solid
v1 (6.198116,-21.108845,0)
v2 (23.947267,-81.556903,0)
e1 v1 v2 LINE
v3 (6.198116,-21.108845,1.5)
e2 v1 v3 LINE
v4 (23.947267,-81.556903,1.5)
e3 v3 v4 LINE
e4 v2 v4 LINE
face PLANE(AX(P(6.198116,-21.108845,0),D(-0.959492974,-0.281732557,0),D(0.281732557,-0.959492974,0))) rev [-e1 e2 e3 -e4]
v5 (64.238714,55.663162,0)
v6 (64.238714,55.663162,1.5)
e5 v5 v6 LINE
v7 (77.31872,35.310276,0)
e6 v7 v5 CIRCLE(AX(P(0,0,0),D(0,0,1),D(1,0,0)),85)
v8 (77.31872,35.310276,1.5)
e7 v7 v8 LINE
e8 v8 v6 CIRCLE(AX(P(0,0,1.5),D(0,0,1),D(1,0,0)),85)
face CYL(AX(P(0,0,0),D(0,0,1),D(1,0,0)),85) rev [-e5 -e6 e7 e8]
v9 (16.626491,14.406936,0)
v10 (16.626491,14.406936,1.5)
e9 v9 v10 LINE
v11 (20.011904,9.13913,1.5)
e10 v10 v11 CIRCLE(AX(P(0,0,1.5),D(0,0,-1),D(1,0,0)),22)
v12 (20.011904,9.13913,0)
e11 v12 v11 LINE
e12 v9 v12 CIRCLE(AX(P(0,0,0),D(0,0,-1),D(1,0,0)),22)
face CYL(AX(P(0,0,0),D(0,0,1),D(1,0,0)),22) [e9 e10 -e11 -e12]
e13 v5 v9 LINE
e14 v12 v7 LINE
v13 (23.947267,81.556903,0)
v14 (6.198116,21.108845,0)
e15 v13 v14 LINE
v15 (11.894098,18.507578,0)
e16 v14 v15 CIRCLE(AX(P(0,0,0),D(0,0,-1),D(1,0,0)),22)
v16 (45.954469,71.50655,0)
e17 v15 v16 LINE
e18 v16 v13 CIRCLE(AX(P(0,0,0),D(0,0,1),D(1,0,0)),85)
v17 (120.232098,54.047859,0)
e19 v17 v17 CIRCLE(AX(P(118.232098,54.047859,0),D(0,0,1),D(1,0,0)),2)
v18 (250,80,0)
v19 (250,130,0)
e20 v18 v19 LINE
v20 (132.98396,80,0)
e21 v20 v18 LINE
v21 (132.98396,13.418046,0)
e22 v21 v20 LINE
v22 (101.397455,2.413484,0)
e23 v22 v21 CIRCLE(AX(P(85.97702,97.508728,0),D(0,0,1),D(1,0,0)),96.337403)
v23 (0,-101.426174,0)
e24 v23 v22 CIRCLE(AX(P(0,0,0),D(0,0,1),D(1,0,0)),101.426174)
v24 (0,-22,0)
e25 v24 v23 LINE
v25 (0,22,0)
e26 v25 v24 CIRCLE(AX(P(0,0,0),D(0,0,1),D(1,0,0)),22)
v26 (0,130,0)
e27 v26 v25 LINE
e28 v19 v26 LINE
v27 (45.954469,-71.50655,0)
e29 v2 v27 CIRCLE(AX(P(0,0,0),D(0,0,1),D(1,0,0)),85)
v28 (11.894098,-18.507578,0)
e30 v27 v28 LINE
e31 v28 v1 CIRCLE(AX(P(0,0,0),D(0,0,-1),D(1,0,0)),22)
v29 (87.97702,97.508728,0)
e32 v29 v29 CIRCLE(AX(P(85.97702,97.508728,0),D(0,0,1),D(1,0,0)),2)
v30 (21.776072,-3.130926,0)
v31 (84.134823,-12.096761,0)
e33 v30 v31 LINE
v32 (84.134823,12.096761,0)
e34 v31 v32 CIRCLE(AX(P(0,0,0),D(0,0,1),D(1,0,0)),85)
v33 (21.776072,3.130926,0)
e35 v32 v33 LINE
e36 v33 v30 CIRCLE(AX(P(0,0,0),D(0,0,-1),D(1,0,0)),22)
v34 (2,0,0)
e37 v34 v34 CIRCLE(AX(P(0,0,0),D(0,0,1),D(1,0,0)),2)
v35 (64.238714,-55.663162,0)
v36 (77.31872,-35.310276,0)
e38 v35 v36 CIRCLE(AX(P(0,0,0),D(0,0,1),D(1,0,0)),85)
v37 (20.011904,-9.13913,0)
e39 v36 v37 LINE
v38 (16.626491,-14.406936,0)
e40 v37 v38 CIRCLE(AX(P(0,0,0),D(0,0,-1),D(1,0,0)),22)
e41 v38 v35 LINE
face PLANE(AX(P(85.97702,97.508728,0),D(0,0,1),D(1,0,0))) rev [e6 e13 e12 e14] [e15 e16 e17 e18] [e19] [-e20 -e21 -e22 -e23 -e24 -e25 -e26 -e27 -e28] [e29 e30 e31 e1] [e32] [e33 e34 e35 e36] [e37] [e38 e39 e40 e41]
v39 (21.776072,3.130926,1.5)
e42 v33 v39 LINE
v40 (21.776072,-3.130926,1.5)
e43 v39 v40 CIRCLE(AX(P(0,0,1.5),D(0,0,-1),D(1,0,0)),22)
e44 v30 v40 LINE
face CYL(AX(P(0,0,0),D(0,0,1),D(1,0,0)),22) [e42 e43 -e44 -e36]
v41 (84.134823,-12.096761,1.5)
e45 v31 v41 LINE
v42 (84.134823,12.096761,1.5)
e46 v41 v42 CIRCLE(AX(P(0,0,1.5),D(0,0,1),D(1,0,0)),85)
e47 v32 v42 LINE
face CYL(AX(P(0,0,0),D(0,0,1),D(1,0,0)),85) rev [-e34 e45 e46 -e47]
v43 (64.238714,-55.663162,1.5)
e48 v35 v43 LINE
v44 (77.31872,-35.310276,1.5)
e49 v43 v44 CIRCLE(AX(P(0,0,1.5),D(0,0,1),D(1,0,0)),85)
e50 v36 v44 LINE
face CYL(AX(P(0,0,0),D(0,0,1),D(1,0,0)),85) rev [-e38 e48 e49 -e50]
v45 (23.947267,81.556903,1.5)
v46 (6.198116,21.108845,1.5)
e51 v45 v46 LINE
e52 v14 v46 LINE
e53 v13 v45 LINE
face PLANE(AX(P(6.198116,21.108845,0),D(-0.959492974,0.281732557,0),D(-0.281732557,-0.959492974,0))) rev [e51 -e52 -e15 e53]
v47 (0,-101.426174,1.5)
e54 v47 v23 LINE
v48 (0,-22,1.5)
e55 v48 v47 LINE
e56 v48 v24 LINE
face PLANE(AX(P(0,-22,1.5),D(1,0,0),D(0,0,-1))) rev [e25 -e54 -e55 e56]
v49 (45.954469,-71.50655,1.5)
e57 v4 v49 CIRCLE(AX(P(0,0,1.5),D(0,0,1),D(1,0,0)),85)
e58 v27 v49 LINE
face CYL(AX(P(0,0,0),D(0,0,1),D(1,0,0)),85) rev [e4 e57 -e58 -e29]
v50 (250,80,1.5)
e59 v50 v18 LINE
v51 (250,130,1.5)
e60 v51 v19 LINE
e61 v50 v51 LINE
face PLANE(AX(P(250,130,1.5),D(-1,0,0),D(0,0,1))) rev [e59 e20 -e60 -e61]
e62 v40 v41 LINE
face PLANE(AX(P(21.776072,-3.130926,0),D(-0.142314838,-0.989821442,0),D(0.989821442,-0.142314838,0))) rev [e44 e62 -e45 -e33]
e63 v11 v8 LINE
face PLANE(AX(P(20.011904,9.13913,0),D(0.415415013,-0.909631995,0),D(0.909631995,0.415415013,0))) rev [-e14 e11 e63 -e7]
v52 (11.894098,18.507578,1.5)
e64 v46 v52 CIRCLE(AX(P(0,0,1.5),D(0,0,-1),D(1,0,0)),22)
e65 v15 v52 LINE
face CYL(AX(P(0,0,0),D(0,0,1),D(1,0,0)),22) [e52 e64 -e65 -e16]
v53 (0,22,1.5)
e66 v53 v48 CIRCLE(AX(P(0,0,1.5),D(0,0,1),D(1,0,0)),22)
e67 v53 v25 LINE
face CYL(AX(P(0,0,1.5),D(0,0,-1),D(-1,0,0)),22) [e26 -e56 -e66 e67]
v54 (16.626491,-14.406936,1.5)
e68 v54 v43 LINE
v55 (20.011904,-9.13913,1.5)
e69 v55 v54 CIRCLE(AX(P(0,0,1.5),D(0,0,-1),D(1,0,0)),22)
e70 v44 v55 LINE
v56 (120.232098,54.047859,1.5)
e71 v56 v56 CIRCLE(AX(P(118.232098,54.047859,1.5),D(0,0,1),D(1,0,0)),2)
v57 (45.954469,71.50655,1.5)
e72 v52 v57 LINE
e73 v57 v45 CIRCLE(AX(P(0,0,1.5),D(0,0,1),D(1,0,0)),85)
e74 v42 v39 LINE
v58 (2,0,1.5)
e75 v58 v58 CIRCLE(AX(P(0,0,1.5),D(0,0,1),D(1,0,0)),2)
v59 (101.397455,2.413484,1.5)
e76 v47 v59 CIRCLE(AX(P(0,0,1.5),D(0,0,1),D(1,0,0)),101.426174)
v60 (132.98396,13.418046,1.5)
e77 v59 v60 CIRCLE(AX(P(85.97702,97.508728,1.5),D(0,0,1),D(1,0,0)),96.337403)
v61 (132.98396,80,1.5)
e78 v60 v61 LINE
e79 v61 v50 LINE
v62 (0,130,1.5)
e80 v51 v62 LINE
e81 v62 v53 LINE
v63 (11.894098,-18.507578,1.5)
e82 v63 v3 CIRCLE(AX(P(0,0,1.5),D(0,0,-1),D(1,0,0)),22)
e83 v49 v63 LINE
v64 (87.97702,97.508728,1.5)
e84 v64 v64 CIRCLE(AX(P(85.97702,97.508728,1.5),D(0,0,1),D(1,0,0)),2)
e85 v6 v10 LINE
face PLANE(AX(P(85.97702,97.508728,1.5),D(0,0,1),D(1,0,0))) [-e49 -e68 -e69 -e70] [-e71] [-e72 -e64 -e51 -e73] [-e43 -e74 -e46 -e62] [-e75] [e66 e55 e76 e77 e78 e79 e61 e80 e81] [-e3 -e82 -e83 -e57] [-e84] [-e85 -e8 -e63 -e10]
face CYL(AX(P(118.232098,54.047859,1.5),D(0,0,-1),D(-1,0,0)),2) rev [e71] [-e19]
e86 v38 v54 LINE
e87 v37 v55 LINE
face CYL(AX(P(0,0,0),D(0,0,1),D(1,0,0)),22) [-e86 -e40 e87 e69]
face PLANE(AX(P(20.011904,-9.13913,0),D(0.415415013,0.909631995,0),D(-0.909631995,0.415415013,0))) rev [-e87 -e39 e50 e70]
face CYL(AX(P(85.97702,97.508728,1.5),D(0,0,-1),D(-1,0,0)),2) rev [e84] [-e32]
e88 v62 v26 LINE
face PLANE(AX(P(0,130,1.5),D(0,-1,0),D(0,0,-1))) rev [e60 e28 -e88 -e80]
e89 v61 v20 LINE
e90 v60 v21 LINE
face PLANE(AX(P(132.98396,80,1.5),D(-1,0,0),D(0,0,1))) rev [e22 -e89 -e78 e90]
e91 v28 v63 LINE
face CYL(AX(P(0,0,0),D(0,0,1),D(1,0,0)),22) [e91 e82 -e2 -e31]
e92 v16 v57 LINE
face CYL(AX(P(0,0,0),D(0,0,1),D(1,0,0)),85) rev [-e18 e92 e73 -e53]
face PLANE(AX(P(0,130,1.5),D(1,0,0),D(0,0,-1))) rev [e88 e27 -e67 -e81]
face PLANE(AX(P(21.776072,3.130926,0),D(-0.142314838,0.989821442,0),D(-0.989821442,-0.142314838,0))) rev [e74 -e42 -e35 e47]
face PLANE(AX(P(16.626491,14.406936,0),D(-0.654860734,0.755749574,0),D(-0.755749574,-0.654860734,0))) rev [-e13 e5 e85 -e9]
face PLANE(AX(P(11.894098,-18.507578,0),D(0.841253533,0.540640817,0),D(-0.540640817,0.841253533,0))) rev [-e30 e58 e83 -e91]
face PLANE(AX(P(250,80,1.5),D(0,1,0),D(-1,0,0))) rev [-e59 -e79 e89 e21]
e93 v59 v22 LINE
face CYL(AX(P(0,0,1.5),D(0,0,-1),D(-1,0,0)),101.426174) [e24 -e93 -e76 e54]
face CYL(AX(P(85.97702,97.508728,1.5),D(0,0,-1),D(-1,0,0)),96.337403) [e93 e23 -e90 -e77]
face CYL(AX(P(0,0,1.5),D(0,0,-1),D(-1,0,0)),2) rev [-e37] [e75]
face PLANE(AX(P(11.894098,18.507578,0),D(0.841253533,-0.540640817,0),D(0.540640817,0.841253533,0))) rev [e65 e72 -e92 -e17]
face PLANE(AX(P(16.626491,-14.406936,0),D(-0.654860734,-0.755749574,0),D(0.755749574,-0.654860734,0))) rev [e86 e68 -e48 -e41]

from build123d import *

# Parameters (mm, degrees)
SKETCH1_R           = 2
BOSS_EXTRUDE1_DEPTH = 1.5
CUT_EXTRUDE1_DEPTH  = 2.5


with BuildPart() as part:
    # Sketch1 → Boss-Extrude1 (new body)
    with BuildSketch(Plane.XY):
        with BuildLine():
            Line((0, 130), (0, 22))
            ThreePointArc((0, 22), (-22, 0), (0, -22))
            Line((0, -22), (0, -101.426173946))
            ThreePointArc((0, -101.426173946), (72.567414345, -70.860702344), (101.397454872, 2.413484395))
            ThreePointArc((101.397454872, 2.413484395), (117.671962719, 6.534414164), (132.983960448, 13.418046445))
            Line((132.983960448, 13.418046445), (132.983960448, 80))
            Line((132.983960448, 80), (250, 80))
            Line((250, 80), (250, 130))
            Line((250, 130), (0, 130))
        make_face()
        Circle(SKETCH1_R, mode=Mode.SUBTRACT)
        with Locations((85.977020164, 97.508727834)):
            Circle(SKETCH1_R, mode=Mode.SUBTRACT)
        with Locations((118.232097827, 54.047858824)):
            Circle(SKETCH1_R, mode=Mode.SUBTRACT)
    extrude(amount=BOSS_EXTRUDE1_DEPTH)

    # Sketch2 → Cut-Extrude1 (cut, through all)
    with BuildSketch(Plane.XY.offset(1.5)):
        with BuildLine():
            Line((6.198116251, -21.10884542), (23.947267332, -81.556902757))
            ThreePointArc((23.947267332, -81.556902757), (35.310276105, -77.318719605), (45.954469484, -71.506550291))
            Line((45.954469484, -71.506550291), (11.894097984, -18.507577722))
            ThreePointArc((11.894097984, -18.507577722), (9.139130286, -20.011903898), (6.198116251, -21.10884542))
        make_face()
        with BuildLine():
            Line((16.626490636, -14.406936147), (64.23871382, -55.663162385))
            ThreePointArc((64.23871382, -55.663162385), (71.506550291, -45.954469484), (77.318719605, -35.310276105))
            Line((77.318719605, -35.310276105), (20.011903898, -9.139130286))
            ThreePointArc((20.011903898, -9.139130286), (18.507577722, -11.894097984), (16.626490636, -14.406936147))
        make_face()
        with BuildLine():
            Line((21.776071721, -3.130926442), (84.13482256, -12.096761253))
            ThreePointArc((84.13482256, -12.096761253), (85, 0), (84.13482256, 12.096761253))
            Line((84.13482256, 12.096761253), (21.776071721, 3.130926442))
            ThreePointArc((21.776071721, 3.130926442), (22, 0), (21.776071721, -3.130926442))
        make_face()
        with BuildLine():
            Line((20.011903898, 9.139130286), (77.318719605, 35.310276105))
            ThreePointArc((77.318719605, 35.310276105), (71.506550291, 45.954469484), (64.23871382, 55.663162385))
            Line((64.23871382, 55.663162385), (16.626490636, 14.406936147))
            ThreePointArc((16.626490636, 14.406936147), (18.507577722, 11.894097984), (20.011903898, 9.139130286))
        make_face()
        with BuildLine():
            Line((11.894097984, 18.507577722), (45.954469484, 71.506550291))
            ThreePointArc((45.954469484, 71.506550291), (35.310276105, 77.318719605), (23.947267332, 81.556902757))
            Line((23.947267332, 81.556902757), (6.198116251, 21.10884542))
            ThreePointArc((6.198116251, 21.10884542), (9.139130286, 20.011903898), (11.894097984, 18.507577722))
        make_face()
    extrude(amount=-CUT_EXTRUDE1_DEPTH, mode=Mode.SUBTRACT)


solid = part.part
